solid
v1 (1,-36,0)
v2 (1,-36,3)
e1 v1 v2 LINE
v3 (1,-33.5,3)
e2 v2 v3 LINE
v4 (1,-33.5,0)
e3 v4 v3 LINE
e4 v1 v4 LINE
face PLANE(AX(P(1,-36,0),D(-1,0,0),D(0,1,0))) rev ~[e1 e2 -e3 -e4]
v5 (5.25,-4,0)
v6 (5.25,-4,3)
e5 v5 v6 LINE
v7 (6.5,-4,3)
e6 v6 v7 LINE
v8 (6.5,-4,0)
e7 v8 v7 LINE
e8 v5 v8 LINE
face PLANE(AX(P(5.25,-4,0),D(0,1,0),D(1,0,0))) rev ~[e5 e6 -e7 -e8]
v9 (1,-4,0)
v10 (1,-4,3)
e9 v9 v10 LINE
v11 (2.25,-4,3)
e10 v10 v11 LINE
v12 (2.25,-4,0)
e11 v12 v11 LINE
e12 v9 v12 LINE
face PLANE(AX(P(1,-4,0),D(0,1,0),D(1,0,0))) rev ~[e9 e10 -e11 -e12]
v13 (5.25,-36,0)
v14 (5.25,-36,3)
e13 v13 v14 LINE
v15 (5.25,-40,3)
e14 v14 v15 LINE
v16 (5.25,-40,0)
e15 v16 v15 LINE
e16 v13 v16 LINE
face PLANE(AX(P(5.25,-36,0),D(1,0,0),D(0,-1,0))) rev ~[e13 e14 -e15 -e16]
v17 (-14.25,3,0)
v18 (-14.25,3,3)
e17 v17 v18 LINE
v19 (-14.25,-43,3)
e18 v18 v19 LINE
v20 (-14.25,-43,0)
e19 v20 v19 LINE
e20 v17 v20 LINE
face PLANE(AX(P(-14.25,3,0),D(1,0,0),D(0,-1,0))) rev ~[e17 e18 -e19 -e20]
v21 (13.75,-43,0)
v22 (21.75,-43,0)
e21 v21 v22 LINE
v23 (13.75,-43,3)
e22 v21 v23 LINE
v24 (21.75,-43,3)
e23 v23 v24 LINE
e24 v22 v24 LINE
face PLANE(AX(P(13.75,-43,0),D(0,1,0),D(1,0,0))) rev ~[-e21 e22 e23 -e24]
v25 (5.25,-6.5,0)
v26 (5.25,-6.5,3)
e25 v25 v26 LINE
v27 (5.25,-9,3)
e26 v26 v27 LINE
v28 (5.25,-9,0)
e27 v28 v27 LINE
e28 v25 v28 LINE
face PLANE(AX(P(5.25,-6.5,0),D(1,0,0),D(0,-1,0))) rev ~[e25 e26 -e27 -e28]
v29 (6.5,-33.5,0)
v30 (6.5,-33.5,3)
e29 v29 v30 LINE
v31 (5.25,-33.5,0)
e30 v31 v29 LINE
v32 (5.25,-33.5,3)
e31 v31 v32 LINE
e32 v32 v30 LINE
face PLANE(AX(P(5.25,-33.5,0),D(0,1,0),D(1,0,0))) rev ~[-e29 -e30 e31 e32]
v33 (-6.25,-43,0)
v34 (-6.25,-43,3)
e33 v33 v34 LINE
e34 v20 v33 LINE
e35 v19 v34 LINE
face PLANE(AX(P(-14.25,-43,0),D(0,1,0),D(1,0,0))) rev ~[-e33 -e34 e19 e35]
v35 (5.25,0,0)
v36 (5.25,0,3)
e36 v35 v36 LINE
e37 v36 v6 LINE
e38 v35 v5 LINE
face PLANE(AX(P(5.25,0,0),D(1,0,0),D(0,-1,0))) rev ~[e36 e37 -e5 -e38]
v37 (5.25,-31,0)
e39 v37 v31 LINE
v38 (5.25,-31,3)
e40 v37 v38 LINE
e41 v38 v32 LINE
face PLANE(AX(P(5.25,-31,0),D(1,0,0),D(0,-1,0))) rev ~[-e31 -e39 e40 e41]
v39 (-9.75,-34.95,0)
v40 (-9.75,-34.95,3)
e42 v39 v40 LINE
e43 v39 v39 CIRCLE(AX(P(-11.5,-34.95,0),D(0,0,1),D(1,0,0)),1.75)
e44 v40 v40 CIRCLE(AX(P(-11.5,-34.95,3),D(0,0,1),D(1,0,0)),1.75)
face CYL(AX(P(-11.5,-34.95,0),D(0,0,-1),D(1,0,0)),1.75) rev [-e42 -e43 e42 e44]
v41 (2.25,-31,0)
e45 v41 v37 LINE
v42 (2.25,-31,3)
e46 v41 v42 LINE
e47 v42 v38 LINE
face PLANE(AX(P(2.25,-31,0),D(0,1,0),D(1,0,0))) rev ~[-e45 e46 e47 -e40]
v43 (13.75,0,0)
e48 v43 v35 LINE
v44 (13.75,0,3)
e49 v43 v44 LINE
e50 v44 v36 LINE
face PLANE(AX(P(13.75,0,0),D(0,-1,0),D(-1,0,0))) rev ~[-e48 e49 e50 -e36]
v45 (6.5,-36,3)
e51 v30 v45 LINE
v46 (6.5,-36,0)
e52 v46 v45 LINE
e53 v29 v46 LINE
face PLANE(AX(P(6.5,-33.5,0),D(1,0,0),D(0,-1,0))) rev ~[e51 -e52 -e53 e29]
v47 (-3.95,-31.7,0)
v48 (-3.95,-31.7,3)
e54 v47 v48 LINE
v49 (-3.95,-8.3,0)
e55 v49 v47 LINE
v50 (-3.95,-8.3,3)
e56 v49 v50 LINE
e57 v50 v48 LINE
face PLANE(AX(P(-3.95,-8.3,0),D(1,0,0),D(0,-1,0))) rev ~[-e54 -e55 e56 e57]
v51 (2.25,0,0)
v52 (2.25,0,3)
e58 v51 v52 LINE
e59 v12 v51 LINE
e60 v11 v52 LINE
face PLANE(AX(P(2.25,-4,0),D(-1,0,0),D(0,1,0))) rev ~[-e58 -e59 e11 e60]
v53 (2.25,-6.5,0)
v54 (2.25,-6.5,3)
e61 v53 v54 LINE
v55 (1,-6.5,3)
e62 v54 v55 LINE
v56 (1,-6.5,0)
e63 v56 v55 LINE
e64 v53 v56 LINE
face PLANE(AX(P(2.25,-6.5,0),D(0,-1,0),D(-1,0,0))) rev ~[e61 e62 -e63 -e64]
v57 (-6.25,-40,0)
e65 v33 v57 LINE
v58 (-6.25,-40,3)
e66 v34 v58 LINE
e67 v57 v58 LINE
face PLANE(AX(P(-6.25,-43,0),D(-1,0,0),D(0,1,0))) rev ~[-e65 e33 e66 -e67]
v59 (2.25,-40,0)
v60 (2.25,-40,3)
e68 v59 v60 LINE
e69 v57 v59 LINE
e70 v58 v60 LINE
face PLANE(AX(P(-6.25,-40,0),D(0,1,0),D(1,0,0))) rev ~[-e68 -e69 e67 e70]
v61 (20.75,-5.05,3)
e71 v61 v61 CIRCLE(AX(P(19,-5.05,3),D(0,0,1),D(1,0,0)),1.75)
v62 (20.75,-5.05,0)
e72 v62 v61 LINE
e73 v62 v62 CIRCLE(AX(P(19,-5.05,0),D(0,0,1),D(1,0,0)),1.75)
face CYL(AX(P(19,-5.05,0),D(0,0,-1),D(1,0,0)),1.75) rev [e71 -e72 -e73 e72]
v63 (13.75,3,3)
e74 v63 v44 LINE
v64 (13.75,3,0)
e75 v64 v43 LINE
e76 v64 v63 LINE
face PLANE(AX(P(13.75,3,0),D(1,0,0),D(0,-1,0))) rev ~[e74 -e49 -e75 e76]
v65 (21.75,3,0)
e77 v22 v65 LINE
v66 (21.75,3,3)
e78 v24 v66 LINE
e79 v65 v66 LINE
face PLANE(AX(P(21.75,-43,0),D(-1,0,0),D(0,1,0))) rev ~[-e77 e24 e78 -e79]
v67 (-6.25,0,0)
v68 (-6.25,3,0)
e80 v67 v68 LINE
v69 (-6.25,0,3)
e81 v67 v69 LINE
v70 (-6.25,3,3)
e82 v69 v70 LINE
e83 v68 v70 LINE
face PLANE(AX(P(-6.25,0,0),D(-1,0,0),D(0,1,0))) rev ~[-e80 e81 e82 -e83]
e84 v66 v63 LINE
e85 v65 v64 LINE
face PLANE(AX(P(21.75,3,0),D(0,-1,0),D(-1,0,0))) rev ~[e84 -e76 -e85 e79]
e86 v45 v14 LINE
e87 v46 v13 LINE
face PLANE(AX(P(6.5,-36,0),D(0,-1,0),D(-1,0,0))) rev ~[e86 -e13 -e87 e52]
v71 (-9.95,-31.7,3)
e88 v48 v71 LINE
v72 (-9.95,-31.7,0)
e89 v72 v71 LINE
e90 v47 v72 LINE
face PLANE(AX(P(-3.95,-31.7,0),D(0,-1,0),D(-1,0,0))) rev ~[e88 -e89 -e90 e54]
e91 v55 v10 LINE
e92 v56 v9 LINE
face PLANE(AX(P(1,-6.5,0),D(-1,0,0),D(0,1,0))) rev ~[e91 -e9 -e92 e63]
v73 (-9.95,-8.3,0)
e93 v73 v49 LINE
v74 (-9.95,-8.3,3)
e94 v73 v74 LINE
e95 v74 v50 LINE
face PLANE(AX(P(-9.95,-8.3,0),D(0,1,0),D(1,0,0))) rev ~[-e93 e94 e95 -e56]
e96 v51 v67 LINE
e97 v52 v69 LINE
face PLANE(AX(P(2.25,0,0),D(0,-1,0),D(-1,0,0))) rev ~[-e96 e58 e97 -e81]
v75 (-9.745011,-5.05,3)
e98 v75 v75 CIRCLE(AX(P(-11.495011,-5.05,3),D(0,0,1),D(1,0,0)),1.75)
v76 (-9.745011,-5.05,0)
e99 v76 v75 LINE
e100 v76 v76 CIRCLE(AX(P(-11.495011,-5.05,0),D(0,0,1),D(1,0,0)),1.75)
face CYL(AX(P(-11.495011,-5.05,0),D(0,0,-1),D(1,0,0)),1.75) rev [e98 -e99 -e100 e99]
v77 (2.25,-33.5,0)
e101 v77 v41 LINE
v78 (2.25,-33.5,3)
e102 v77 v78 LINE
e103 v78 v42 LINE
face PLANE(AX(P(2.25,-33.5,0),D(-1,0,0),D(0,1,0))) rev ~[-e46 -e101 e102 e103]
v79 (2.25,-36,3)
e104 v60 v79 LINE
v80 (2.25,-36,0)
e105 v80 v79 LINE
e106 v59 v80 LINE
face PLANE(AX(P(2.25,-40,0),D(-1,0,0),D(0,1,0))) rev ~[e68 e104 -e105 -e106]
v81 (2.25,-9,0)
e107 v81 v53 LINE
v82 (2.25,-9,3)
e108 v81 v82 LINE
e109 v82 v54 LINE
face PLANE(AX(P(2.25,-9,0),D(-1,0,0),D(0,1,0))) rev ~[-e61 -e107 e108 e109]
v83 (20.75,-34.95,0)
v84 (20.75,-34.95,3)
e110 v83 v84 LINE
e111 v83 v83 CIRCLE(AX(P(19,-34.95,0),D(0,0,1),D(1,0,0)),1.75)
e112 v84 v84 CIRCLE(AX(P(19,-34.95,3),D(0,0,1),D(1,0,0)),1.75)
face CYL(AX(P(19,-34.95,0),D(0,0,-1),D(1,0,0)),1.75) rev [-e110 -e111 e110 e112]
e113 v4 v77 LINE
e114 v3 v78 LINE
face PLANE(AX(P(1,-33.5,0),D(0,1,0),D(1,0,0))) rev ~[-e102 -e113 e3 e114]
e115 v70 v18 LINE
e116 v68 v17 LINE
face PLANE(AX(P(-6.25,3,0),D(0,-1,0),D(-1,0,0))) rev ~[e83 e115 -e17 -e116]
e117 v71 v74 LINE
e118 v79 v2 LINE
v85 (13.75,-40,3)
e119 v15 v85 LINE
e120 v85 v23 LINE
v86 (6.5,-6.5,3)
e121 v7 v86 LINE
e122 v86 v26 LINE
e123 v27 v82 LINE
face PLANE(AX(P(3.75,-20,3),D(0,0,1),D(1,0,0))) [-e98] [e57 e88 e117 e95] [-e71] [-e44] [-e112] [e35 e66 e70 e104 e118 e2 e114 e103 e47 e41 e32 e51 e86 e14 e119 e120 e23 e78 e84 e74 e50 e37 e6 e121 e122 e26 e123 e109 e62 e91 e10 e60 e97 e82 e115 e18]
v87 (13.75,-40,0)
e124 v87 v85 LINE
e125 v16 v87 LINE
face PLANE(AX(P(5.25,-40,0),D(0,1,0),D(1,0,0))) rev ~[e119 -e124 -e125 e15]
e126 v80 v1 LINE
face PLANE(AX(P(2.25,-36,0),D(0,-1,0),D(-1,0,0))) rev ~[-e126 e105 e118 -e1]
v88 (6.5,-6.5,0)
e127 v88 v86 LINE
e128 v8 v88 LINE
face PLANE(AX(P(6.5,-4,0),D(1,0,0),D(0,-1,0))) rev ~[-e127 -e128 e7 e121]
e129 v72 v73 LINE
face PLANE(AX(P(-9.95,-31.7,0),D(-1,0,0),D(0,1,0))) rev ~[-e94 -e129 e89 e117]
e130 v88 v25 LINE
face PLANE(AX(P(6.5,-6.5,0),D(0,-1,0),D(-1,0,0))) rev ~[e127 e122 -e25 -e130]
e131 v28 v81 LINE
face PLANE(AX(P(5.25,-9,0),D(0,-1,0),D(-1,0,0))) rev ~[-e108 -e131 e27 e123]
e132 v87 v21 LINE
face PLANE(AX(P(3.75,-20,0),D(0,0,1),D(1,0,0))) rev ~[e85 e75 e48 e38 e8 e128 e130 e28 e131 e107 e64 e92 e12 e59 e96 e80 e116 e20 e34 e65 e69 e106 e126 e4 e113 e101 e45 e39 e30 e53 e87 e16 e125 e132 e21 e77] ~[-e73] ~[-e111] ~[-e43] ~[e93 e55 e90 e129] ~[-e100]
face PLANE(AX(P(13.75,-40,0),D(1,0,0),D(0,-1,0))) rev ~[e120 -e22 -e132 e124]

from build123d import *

# Parameters (mm, degrees)
ESBO_O1_R                = 1.75
RESSALTO_EXTRUS_O1_DEPTH = 3


with BuildPart() as part:
    # Esboço1 → Ressalto-extrusão1 (new body)
    with BuildSketch(Plane.XY):
        Polygon((2.25, 0), (-6.25, 0), (-6.25, 2), (-6.25, 3), (-14.25, 3), (-14.25, 2), (-14.25, -42), (-14.25, -43), (-6.25, -43), (-6.25, -42), (-6.25, -40), (2.25, -40), (2.25, -36), (1, -36), (1, -33.5), (2.25, -33.5), (2.25, -31), (5.25, -31), (5.25, -33.5), (6.5, -33.5), (6.5, -36), (5.25, -36), (5.25, -40), (13.75, -40), (13.75, -42), (13.75, -43), (21.75, -43), (21.75, -42), (21.75, 2), (21.75, 3), (13.75, 3), (13.75, 2), (13.75, 0), (5.25, 0), (5.25, -4), (6.5, -4), (6.5, -6.5), (5.25, -6.5), (5.25, -9), (2.25, -9), (2.25, -6.5), (1, -6.5), (1, -4), (2.25, -4), align=None)
        with Locations((19, -5.05)):
            Circle(ESBO_O1_R, mode=Mode.SUBTRACT)
        with Locations((-11.495010855, -5.05)):
            Circle(ESBO_O1_R, mode=Mode.SUBTRACT)
        with Locations((19, -34.95)):
            Circle(ESBO_O1_R, mode=Mode.SUBTRACT)
        with Locations((-11.5, -34.95)):
            Circle(ESBO_O1_R, mode=Mode.SUBTRACT)
        Polygon((-9.95, -8.8), (-9.95, -31.2), (-9.95, -31.7), (-6.95, -31.7), (-3.95, -31.7), (-3.95, -31.2), (-3.95, -8.8), (-3.95, -8.3), (-6.95, -8.3), (-9.95, -8.3), align=None, mode=Mode.SUBTRACT)
    extrude(amount=RESSALTO_EXTRUS_O1_DEPTH)


solid = part.part
